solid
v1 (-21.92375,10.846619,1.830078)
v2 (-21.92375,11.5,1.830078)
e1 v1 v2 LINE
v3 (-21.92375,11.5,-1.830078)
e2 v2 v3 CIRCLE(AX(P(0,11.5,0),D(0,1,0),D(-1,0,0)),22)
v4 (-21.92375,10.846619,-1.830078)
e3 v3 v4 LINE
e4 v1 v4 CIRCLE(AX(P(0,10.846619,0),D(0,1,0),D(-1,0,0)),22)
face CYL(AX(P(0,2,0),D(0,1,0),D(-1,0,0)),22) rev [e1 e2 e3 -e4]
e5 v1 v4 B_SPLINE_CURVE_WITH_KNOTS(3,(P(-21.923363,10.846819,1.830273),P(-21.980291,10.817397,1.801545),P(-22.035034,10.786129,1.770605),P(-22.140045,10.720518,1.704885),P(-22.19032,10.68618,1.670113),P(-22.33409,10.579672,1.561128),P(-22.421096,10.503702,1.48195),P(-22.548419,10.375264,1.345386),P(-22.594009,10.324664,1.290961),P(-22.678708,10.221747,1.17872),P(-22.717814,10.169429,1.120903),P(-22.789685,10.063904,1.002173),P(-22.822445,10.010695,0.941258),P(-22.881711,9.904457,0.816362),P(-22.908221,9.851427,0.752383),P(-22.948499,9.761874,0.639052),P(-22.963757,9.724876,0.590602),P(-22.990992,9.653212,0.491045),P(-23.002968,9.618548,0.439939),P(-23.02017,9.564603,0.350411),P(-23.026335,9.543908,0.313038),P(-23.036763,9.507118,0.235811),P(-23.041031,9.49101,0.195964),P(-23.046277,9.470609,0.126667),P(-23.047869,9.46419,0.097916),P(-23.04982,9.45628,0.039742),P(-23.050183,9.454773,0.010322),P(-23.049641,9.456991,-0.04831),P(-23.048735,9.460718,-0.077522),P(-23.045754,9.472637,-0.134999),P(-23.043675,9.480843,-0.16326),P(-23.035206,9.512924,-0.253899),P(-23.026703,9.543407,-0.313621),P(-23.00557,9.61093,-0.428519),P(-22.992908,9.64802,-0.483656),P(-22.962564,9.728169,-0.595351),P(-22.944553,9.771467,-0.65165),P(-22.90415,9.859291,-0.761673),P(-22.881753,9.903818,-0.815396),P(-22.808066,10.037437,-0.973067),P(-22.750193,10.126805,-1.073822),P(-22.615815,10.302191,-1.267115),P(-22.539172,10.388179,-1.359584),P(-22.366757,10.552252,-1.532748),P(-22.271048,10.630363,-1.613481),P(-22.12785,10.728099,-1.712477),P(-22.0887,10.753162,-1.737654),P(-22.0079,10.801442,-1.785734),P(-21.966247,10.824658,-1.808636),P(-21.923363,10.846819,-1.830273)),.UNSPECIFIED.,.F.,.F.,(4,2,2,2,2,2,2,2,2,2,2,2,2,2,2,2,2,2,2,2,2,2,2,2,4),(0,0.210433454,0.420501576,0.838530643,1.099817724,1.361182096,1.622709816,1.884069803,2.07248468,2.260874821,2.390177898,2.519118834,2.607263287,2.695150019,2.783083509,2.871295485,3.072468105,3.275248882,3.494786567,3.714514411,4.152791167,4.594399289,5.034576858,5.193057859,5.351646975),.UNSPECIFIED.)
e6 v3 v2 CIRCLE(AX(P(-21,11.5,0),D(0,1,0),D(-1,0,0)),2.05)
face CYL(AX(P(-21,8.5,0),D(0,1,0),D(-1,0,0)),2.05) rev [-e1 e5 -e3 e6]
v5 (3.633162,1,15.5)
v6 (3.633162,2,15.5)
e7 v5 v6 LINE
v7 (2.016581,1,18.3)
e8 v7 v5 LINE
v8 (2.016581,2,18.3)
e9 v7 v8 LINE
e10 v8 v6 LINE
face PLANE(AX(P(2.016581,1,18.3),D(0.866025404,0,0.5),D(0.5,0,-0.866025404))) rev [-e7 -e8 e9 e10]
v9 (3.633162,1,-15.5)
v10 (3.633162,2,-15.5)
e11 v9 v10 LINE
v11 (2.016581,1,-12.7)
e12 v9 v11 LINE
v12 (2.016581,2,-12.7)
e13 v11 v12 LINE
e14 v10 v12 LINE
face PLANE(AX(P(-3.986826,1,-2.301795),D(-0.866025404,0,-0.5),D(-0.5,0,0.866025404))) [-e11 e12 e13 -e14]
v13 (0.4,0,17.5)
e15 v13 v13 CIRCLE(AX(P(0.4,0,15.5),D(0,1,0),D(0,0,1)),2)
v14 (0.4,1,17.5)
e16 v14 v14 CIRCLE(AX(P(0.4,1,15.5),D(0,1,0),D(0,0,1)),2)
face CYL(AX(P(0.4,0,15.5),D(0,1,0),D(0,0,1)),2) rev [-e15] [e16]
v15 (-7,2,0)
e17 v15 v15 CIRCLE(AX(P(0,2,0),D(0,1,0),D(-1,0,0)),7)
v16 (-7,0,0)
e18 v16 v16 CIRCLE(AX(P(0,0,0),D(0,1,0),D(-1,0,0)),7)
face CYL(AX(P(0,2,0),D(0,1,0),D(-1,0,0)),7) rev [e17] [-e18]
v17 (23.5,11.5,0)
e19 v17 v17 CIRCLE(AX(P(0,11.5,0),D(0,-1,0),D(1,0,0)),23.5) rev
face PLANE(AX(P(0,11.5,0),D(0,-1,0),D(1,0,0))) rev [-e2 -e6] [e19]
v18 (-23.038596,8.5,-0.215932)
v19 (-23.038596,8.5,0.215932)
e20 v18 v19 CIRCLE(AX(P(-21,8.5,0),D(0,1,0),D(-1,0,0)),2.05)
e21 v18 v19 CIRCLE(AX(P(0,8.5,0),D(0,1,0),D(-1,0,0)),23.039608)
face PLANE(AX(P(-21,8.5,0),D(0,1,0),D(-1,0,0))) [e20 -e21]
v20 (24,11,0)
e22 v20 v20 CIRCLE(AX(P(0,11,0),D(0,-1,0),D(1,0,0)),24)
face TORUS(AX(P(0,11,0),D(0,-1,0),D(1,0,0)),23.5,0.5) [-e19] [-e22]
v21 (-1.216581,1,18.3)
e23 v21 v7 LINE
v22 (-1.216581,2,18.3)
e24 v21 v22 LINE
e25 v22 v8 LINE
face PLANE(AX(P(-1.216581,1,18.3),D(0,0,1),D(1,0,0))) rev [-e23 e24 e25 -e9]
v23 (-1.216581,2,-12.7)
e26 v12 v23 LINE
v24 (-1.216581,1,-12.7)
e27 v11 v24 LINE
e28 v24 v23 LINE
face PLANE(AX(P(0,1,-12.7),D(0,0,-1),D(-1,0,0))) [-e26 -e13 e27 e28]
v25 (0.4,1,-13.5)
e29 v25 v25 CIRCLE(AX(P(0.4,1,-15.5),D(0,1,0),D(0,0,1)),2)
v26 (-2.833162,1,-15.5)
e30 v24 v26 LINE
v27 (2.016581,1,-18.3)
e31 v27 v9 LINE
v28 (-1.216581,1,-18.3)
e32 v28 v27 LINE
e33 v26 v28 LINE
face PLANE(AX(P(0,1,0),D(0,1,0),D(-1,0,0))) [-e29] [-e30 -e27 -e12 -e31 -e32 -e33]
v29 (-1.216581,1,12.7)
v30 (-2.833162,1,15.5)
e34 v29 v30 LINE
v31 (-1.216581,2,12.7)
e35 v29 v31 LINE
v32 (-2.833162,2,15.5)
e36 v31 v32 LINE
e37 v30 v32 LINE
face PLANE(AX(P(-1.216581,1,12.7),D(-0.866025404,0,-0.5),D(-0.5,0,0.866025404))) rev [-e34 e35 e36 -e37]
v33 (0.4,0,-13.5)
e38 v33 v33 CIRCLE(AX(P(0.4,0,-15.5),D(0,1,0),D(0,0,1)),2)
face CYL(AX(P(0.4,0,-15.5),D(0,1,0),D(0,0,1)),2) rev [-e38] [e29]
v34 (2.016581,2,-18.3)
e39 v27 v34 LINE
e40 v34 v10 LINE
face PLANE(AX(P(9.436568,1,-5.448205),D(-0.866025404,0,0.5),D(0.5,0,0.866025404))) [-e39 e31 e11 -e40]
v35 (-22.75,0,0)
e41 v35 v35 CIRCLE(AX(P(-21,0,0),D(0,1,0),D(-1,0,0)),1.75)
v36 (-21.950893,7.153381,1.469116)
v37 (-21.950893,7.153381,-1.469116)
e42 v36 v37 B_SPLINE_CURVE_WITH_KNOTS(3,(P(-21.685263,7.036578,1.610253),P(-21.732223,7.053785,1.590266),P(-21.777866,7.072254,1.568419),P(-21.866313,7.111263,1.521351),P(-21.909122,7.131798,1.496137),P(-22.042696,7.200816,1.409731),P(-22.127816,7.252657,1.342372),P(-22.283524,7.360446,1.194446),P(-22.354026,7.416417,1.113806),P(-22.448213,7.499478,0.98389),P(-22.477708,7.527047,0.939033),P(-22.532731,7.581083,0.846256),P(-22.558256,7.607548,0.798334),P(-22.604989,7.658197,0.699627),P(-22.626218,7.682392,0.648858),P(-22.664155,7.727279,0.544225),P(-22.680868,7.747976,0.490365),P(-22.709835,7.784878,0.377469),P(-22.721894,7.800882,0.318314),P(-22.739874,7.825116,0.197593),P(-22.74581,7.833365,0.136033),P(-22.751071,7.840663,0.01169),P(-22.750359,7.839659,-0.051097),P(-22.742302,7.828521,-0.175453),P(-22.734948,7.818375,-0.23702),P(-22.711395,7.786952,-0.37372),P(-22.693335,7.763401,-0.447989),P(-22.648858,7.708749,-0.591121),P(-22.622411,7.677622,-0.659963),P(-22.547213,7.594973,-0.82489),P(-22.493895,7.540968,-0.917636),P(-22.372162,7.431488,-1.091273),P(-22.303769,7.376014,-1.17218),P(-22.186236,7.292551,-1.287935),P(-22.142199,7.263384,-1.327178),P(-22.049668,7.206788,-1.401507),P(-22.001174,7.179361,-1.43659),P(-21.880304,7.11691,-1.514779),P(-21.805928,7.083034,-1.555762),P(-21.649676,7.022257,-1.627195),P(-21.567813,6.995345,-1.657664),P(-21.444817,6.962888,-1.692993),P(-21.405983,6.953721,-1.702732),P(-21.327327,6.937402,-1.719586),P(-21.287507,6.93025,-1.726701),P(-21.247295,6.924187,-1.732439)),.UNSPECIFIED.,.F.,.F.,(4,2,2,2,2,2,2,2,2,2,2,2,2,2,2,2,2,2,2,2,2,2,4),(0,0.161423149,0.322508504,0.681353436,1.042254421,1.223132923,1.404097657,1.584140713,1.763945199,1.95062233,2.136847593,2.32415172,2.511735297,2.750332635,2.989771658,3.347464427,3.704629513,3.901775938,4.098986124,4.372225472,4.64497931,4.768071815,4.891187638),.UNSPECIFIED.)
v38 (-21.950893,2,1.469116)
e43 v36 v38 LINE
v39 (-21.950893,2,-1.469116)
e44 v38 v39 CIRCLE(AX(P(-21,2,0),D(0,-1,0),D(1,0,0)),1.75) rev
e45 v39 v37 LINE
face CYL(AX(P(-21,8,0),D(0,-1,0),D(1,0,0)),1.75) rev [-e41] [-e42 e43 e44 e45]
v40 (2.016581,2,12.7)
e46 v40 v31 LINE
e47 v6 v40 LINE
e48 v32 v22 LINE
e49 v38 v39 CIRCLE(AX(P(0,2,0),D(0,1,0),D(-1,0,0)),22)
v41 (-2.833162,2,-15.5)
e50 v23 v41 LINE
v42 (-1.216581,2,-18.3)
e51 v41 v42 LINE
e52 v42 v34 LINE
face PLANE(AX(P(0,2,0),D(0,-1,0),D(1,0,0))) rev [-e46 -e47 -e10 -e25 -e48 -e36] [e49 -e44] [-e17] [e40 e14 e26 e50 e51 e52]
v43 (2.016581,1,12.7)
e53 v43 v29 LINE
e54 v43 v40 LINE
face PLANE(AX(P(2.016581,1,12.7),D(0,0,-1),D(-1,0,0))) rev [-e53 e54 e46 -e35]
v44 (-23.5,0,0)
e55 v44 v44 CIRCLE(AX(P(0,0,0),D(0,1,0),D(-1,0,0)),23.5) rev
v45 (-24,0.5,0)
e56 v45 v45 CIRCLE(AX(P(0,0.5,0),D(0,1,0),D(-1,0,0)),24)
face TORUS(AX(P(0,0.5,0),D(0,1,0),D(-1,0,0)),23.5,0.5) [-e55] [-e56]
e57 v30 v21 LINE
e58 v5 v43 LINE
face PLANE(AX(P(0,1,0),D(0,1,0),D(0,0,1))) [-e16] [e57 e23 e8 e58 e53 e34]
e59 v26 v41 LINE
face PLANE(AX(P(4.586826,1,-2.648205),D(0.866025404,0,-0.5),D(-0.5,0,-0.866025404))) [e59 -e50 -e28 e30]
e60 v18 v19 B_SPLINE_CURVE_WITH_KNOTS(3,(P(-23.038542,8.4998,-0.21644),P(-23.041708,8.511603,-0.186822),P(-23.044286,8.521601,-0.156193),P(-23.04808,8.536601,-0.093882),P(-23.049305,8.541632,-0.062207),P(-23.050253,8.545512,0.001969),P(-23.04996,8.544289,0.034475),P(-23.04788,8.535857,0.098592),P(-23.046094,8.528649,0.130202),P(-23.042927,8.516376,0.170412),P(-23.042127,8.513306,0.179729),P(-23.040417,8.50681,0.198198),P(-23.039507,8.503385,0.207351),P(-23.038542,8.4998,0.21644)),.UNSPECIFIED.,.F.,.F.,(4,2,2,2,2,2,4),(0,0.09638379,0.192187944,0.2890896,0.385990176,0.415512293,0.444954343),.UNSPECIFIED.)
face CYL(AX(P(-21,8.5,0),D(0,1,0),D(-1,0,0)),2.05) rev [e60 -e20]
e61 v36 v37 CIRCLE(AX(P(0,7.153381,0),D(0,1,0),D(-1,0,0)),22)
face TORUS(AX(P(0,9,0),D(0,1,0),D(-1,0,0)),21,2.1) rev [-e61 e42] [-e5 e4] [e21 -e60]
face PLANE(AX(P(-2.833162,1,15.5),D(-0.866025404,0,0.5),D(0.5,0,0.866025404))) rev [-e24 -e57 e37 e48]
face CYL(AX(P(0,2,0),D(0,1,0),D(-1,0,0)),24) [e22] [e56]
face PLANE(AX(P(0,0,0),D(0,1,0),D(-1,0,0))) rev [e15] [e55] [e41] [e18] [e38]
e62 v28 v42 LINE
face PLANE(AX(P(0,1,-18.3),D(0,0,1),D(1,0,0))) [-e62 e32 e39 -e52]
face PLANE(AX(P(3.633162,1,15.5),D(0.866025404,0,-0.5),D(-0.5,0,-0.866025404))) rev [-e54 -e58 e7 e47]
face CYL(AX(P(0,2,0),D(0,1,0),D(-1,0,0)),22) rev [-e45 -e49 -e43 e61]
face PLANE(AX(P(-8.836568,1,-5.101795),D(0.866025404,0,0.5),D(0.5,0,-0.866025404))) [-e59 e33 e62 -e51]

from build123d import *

# Parameters (mm, degrees)
FILLET_1_R               = 0.5
SKETCH_11_R              = 2.05
CUT_EXTRUDE_3_DEPTH      = 3
CUT_EXTRUDE_6_DEPTH      = 6
CUT_EXTRUDE_6_DEPTH_BACK = 36.24556726
SKETCH_13_R              = 1.75
CUT_EXTRUDE_7_DEPTH      = 1
SKETCH_16_R              = 2
CUT_EXTRUDE_8_DEPTH      = 1


with BuildPart() as part:
    # 草图2 → 旋转1 (revolve)
    with BuildSketch(Plane.XY, mode=Mode.PRIVATE) as revolve_1_sk:
        with BuildLine():
            Line((7, 2), (7, 0))
            Line((7, 0), (24, 0))
            Line((24, 0), (24, 11.5))
            Line((24, 11.5), (22, 11.5))
            Line((22, 11.5), (22, 10.846618531))
            ThreePointArc((22, 10.846618531), (22.804161855, 10.074709263), (23.1, 9))
            ThreePointArc((23.1, 9), (22.804161855, 7.925290737), (22, 7.153381469))
            Line((22, 7.153381469), (22, 2))
            Line((22, 2), (7, 2))
        make_face()
    revolve(revolve_1_sk.sketch.rotate(Axis((0, 2, 0), (0, -1, 0)), 180), axis=Axis((0, 2, 0), (0, -1, 0)))

    # 圆角1
    fillet_1_edges = [part.edges().sort_by_distance(p)[0] for p in [
        (24, 11.5, 0),
        (24, 0, 0),
    ]]
    fillet(fillet_1_edges, radius=FILLET_1_R)

    # 草图11 → 切除-拉伸3 (cut)
    with BuildSketch(Plane(origin=(0, 11.5, 0), x_dir=(1, 0, 0), z_dir=(0, 1, 0))):
        with Locations((-21, 0)):
            Circle(SKETCH_11_R)
    extrude(amount=-CUT_EXTRUDE_3_DEPTH, mode=Mode.SUBTRACT)

    # 草图13 → 切除-拉伸6 (cut, two sides: drawn at the far end of the back side and taken through both)
    with BuildSketch(Plane(origin=(0, 2, 0), x_dir=(1, 0, 0), z_dir=(0, 1, 0)).offset(-CUT_EXTRUDE_6_DEPTH_BACK)):
        with Locations(Location((-21, 0, 0), (0, 0, 122.913164288))):
            Circle(SKETCH_13_R)
    extrude(amount=CUT_EXTRUDE_6_DEPTH + CUT_EXTRUDE_6_DEPTH_BACK, mode=Mode.SUBTRACT)

    # 草图15 → 切除-拉伸7 (cut)
    with BuildSketch(Plane(origin=(0, 2, 0), x_dir=(1, 0, 0), z_dir=(0, 1, 0))):
        Polygon((-2.833161507, 15.5), (-1.216580754, 18.3), (2.016580754, 18.3), (3.633161507, 15.5), (2.016580754, 12.7), (-1.216580754, 12.7), align=None)
        Polygon((2.016580754, -12.7), (-1.216580754, -12.7), (-2.833161507, -15.5), (-1.216580754, -18.3), (2.016580754, -18.3), (3.633161507, -15.5), align=None)
    extrude(amount=-CUT_EXTRUDE_7_DEPTH, mode=Mode.SUBTRACT)

    # 草图16 → 切除-拉伸8 (cut)
    with BuildSketch(Plane(origin=(0, 1, 0), x_dir=(1, 0, 0), z_dir=(0, 1, 0))):
        with Locations(Location((0.4, 15.5, 0), (0, 0, 270))):
            Circle(SKETCH_16_R)
        with Locations(Location((0.4, -15.5, 0), (0, 0, 270))):
            Circle(SKETCH_16_R)
    extrude(amount=-CUT_EXTRUDE_8_DEPTH, mode=Mode.SUBTRACT)


solid = part.part
